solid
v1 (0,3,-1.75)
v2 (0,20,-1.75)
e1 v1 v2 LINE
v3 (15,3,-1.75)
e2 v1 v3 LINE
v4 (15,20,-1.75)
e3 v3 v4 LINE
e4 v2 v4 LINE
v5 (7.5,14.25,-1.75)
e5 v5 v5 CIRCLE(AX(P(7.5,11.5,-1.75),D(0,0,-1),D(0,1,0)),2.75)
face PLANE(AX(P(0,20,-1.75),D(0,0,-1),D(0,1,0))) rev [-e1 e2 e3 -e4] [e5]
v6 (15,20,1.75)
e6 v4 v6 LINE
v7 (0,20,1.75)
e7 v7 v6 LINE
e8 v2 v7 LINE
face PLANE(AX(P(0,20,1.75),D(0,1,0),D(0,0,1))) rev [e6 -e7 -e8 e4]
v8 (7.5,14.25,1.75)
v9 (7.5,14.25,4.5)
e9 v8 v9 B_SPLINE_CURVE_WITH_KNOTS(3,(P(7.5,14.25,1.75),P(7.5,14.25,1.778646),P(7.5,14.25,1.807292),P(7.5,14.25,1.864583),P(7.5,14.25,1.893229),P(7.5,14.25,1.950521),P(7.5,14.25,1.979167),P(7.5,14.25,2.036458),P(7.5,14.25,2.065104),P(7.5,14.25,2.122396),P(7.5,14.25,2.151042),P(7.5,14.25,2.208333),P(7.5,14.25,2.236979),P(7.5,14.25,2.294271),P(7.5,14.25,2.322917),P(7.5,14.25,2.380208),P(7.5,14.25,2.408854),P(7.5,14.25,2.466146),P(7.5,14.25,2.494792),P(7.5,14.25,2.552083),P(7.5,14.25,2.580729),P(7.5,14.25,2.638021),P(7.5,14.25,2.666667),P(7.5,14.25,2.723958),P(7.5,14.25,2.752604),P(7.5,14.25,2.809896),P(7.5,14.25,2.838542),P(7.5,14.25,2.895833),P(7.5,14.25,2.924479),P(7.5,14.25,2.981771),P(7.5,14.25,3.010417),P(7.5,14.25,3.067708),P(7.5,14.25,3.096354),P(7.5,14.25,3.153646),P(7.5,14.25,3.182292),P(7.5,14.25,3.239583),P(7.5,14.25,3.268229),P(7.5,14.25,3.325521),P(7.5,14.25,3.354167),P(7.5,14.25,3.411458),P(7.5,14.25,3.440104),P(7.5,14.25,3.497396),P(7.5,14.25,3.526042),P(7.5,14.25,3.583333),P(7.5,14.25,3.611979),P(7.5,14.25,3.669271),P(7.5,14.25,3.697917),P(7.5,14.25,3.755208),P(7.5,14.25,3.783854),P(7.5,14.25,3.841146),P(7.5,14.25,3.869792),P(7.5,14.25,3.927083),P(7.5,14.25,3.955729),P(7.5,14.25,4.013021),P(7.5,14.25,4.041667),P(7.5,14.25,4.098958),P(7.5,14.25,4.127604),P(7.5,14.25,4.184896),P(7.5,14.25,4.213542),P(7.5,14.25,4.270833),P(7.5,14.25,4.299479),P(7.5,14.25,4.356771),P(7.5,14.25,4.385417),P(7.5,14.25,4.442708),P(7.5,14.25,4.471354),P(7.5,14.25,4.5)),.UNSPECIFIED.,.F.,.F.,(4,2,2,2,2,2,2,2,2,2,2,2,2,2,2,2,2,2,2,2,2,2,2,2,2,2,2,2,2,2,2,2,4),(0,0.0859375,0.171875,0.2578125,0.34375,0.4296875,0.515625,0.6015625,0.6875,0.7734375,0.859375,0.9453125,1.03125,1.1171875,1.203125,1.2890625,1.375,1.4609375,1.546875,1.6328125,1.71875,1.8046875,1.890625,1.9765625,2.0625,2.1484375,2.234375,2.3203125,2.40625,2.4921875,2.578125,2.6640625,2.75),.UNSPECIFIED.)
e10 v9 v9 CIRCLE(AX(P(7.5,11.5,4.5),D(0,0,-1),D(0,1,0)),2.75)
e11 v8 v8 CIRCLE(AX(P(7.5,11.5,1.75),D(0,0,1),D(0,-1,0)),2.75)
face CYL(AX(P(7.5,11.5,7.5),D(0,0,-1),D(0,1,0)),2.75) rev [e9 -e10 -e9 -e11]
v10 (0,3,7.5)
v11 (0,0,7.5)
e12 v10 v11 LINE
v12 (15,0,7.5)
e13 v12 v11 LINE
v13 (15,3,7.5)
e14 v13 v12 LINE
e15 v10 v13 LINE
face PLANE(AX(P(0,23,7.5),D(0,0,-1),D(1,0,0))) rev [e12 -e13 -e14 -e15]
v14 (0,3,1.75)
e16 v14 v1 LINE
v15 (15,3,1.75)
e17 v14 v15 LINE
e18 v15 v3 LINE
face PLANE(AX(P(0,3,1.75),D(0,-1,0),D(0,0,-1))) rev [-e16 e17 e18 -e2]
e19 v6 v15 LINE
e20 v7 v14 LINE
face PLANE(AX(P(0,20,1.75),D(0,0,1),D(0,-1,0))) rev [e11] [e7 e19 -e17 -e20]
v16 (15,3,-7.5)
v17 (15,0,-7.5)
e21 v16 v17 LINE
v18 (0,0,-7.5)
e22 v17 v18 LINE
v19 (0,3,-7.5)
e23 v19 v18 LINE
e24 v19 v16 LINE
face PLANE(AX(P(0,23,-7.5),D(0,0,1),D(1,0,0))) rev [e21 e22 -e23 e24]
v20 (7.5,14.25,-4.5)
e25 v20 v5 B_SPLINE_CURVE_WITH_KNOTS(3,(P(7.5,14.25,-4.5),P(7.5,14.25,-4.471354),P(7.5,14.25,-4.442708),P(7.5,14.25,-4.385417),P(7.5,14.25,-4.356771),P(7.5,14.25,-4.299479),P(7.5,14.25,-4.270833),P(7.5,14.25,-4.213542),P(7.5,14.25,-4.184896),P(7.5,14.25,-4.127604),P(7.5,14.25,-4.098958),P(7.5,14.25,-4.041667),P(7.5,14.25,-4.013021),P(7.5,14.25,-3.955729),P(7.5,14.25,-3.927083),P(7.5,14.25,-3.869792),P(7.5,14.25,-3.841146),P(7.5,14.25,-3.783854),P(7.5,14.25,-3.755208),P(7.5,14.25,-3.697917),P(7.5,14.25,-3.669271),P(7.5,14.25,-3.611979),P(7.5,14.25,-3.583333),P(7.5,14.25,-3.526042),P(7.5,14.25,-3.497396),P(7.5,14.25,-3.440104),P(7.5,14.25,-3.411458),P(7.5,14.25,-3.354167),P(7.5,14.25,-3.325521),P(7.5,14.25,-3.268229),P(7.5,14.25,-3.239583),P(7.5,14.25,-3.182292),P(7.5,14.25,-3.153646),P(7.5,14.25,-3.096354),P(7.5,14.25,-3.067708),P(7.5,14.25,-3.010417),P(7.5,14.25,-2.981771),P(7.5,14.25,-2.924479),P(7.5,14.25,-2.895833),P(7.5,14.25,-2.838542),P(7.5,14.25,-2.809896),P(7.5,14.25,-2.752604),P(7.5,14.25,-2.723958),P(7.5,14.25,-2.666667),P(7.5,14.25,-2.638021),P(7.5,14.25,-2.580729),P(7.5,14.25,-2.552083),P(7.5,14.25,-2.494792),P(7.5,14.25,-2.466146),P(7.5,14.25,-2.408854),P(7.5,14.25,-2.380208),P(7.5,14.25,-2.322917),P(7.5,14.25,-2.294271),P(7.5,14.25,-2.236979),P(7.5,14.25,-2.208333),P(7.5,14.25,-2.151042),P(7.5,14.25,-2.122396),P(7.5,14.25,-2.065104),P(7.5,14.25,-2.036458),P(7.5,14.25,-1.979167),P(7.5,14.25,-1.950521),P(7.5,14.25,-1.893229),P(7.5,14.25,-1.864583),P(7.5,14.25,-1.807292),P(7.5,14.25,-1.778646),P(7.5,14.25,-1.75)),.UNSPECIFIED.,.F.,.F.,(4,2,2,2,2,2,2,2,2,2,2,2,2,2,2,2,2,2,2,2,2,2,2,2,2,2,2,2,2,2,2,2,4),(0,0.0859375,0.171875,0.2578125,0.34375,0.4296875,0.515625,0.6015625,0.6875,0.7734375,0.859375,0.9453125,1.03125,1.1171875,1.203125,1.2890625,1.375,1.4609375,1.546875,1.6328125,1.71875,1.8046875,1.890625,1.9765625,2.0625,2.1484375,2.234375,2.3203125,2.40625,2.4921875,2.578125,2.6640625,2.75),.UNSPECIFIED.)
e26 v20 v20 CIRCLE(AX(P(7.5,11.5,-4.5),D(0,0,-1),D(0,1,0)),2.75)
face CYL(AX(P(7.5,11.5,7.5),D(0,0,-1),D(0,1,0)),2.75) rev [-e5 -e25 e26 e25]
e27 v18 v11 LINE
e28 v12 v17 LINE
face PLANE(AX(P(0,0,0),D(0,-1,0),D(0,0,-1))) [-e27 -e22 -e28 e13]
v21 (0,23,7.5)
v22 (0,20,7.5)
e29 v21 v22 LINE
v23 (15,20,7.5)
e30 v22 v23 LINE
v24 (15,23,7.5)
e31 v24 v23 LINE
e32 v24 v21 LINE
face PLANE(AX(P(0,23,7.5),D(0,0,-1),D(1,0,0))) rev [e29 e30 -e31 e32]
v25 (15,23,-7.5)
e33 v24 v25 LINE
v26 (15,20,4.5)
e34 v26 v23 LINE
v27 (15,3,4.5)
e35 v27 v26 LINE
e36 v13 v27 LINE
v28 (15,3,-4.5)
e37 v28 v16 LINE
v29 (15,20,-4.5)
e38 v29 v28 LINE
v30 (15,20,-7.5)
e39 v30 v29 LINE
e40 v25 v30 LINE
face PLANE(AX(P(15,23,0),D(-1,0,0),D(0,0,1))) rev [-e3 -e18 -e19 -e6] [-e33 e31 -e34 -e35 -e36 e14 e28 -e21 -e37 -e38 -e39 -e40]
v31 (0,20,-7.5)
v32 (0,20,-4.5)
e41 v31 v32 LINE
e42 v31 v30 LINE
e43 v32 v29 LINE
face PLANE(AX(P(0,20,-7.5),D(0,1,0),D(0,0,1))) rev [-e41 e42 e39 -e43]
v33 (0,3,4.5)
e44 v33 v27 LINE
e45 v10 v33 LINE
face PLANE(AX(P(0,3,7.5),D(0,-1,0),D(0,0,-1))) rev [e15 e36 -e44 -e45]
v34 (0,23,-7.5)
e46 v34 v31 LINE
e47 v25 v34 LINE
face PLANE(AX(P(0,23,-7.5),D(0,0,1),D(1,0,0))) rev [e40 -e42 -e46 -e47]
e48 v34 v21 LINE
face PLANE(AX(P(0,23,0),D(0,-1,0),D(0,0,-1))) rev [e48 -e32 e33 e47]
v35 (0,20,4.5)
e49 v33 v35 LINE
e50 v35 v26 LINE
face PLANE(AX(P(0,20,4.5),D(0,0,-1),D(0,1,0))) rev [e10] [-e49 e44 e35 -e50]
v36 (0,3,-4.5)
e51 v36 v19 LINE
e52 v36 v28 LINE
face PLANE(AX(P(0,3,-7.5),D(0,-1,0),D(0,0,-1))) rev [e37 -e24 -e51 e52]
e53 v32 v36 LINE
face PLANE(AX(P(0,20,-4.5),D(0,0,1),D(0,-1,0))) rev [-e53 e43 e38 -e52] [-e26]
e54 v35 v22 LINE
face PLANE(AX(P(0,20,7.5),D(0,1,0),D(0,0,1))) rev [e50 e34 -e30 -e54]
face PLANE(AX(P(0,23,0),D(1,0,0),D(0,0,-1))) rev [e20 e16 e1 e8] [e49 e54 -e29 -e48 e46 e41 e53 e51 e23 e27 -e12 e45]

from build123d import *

# Parameters (mm, degrees)
SKETCH1_W           = 15
SKETCH1_H           = 7.5
BOSS_EXTRUDE1_DEPTH = 23
SKETCH10_W          = 3
SKETCH10_H          = 17
SKETCH10_W_2        = 3.5
CUT_EXTRUDE5_DEPTH  = 29.464890655
SKETCH11_R          = 2.75
CUT_EXTRUDE6_DEPTH  = 30.966648128


with BuildPart() as part:
    # Sketch1 → Boss-Extrude1 (new body)
    with BuildSketch(Plane(origin=(0, 0, 0), x_dir=(1, 0, 0), z_dir=(0, 1, 0))):
        with Locations((7.5, 3.75)):
            Rectangle(SKETCH1_W, SKETCH1_H)
    extrude(amount=BOSS_EXTRUDE1_DEPTH)

    # Mirror1: part across plane


with BuildPart() as part_1:
    add(part.part)
    add(part.part.mirror(Plane(origin=(0, 23, 0), x_dir=(1, 0, 0), z_dir=(0, 0, -1))))

    # Sketch10 → Cut-Extrude5 (cut, through all)
    with BuildSketch(Plane(origin=(15, 0, 0), x_dir=(0, 0, -1), z_dir=(1, 0, 0))):
        with Locations((-6, 11.5)):
            Rectangle(SKETCH10_W, SKETCH10_H)
        with Locations((6, 11.5)):
            Rectangle(SKETCH10_W, SKETCH10_H)
        with Locations((0, 11.5)):
            Rectangle(SKETCH10_W_2, SKETCH10_H)
    extrude(amount=-CUT_EXTRUDE5_DEPTH, mode=Mode.SUBTRACT)

    # Sketch11 → Cut-Extrude6 (cut, through all)
    with BuildSketch(Plane(origin=(0, 0, -4.5), x_dir=(-1, 0, 0), z_dir=(0, 0, -1))):
        with Locations(Location((-7.5, 11.5, 0), (0, 0, 90))):
            Circle(SKETCH11_R)
    extrude(amount=-CUT_EXTRUDE6_DEPTH, mode=Mode.SUBTRACT)


solid = part_1.part
